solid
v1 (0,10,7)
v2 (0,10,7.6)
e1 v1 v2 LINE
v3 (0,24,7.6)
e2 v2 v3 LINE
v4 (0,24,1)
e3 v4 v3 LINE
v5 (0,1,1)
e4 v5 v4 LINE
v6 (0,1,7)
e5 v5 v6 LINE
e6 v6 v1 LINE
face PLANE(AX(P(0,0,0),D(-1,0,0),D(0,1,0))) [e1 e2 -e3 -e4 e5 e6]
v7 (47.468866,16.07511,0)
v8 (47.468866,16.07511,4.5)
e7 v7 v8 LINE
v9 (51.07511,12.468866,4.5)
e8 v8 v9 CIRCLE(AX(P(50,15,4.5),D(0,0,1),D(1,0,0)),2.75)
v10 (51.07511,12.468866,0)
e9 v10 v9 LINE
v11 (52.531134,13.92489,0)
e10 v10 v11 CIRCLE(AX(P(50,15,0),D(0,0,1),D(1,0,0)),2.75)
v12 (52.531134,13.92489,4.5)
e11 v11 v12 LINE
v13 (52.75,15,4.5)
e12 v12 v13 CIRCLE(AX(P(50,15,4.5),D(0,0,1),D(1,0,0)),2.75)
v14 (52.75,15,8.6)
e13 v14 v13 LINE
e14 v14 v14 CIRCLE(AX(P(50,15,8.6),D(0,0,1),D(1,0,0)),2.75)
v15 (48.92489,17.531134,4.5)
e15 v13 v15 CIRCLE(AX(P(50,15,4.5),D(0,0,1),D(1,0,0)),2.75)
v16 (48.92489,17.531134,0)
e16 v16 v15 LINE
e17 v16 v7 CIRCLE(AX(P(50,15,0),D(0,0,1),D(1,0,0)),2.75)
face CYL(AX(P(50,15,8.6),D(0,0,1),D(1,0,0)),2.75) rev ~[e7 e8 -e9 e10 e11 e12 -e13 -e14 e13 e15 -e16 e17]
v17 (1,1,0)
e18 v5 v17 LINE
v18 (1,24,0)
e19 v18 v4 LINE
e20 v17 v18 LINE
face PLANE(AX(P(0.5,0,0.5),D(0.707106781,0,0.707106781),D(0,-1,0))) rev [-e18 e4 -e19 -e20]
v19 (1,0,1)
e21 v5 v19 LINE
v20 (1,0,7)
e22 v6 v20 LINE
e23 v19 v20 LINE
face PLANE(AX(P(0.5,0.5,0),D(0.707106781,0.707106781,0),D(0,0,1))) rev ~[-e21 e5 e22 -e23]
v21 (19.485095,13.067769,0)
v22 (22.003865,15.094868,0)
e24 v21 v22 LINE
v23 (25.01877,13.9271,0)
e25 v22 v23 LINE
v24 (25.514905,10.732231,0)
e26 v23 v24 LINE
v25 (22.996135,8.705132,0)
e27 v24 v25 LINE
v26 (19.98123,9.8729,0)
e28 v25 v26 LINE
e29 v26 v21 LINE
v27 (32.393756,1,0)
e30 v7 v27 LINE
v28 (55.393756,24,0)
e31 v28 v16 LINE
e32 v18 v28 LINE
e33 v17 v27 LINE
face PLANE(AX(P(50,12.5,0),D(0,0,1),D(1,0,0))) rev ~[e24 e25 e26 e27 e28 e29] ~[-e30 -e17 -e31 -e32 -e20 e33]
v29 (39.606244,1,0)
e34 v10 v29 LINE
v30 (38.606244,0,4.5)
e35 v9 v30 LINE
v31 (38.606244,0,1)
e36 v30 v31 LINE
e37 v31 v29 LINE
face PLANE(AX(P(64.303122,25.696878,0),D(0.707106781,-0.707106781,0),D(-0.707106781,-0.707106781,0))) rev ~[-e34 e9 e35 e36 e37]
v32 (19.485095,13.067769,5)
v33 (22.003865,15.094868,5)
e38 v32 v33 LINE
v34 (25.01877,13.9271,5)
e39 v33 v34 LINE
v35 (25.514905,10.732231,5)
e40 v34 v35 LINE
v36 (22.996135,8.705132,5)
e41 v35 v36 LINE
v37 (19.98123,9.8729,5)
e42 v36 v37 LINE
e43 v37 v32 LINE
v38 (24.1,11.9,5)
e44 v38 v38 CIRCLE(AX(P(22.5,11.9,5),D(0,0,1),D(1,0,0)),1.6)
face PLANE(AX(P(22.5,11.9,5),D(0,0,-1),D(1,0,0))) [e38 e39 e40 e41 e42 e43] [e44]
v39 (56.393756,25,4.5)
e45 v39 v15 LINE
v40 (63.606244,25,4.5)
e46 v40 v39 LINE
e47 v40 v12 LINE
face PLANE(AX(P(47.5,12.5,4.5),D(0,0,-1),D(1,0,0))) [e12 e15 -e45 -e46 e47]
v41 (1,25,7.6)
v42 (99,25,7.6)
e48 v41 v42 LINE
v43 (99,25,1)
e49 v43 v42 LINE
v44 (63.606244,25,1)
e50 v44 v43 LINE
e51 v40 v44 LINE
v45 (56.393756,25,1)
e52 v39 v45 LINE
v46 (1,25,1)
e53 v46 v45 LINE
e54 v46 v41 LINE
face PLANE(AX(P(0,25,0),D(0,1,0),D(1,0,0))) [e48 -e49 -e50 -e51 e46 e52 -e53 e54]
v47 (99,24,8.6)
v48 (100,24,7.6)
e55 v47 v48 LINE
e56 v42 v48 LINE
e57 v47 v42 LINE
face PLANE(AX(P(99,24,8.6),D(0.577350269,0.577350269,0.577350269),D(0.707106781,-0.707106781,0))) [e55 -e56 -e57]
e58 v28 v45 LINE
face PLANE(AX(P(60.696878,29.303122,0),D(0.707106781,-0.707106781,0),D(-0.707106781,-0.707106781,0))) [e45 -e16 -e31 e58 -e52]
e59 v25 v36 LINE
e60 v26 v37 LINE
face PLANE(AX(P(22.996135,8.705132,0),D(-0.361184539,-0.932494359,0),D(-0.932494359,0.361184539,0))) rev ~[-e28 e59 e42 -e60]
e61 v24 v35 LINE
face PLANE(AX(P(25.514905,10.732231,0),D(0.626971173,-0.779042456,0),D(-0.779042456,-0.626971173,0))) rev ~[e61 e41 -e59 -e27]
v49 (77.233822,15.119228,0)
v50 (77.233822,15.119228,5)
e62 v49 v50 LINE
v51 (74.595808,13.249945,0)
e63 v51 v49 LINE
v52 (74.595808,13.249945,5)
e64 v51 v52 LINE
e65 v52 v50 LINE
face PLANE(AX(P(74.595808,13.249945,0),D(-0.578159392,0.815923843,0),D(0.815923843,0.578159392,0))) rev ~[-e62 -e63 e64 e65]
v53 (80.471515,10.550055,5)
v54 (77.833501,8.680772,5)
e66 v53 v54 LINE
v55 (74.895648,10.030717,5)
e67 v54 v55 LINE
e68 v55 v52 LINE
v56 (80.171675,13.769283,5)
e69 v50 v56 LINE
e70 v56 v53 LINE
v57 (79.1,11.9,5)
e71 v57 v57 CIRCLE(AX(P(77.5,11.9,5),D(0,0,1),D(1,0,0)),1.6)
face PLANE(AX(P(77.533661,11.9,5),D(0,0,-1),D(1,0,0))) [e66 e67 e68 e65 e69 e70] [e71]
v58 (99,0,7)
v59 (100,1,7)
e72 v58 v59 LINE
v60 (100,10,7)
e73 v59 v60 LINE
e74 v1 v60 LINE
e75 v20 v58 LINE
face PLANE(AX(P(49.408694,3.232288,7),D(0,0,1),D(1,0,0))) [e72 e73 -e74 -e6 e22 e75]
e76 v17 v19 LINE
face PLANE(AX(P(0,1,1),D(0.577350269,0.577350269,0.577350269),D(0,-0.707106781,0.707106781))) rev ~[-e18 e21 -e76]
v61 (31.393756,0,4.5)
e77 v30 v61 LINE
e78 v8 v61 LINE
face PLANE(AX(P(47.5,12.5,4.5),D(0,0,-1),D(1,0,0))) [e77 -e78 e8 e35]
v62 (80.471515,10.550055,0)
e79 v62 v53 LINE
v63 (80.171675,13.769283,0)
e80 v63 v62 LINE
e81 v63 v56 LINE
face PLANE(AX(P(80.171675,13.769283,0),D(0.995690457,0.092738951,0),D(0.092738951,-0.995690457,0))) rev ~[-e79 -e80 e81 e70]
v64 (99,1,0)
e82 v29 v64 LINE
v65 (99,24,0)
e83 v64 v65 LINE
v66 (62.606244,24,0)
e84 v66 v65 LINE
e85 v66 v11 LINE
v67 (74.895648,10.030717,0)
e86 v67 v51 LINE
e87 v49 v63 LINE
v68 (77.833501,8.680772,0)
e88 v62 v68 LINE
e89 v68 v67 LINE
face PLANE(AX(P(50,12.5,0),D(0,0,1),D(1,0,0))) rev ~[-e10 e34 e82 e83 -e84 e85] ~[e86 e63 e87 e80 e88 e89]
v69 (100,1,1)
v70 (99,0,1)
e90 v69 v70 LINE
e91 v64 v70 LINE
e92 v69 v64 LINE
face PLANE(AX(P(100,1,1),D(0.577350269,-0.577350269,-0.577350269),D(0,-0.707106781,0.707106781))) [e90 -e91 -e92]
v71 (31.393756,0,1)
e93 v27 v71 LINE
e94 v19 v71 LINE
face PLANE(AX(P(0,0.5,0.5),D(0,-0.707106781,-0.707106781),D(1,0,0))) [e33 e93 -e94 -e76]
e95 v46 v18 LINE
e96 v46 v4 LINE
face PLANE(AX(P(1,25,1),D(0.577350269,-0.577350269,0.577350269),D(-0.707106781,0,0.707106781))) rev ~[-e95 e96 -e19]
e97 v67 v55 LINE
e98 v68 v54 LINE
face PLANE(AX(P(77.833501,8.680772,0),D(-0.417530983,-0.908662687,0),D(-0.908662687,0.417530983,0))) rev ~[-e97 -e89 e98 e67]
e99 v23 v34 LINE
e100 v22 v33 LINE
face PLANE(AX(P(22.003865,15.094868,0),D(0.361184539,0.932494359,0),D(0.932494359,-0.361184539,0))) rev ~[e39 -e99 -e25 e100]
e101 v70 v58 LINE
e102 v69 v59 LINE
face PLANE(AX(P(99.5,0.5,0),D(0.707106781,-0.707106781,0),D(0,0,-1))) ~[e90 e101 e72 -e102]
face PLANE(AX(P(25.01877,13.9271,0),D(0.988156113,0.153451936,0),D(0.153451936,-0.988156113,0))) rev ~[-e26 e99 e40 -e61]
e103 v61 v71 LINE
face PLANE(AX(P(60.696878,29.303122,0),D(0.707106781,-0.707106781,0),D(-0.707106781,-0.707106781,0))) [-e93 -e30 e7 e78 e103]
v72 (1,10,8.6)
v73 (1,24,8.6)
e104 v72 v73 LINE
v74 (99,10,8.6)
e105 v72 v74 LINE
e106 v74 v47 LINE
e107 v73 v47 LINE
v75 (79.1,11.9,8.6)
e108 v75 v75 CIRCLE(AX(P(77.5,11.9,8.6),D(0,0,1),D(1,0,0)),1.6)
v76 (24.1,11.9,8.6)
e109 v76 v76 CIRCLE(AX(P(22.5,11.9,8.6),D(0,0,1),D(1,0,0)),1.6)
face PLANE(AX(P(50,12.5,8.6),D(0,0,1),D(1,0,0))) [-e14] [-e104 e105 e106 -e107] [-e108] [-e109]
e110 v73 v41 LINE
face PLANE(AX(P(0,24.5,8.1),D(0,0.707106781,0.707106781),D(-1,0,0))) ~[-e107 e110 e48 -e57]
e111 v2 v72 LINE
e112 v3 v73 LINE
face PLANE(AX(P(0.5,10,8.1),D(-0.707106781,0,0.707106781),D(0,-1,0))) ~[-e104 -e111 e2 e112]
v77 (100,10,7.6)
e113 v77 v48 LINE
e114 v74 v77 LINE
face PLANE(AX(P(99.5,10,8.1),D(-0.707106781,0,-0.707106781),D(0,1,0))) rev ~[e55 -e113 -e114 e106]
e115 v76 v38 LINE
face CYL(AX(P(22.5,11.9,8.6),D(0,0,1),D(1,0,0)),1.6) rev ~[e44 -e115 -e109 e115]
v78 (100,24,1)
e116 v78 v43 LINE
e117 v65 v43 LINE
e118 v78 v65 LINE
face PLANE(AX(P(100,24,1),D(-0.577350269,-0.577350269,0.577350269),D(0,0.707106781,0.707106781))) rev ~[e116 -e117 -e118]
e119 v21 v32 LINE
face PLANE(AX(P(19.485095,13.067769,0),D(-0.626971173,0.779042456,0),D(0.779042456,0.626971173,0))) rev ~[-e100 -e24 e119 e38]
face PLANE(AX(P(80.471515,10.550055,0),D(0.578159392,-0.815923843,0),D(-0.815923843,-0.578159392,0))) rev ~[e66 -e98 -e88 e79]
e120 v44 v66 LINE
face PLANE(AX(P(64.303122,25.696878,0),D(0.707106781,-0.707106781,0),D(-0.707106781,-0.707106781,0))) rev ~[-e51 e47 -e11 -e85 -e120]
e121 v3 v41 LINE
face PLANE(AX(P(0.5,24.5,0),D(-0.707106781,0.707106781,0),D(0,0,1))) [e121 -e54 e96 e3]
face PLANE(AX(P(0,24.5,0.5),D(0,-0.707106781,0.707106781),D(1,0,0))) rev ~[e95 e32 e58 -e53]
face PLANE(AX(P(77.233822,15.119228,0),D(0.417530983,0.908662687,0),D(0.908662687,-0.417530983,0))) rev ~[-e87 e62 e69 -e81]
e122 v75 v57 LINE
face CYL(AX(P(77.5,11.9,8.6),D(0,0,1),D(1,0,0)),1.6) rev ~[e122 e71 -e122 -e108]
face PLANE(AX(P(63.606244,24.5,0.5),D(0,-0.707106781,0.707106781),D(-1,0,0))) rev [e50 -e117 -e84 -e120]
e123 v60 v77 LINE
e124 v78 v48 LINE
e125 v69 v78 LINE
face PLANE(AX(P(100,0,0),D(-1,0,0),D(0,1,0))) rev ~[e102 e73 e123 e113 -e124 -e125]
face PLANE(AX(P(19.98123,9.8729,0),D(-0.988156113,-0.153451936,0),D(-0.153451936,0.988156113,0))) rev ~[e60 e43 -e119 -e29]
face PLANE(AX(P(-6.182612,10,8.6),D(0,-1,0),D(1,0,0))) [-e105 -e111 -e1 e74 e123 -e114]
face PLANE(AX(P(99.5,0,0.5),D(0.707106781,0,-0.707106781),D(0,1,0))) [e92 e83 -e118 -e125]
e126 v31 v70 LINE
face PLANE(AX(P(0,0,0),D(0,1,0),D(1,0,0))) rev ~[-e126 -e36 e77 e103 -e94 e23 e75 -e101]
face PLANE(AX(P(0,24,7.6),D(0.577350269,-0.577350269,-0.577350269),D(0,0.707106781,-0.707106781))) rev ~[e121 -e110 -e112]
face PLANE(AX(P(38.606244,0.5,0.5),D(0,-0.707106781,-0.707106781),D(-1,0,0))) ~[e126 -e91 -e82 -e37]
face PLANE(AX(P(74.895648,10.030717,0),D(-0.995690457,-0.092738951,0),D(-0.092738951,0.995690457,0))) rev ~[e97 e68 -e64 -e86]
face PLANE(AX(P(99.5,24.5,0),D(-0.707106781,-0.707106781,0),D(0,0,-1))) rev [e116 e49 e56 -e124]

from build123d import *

# Parameters (mm, degrees)
SKETCH_W        = 100
SKETCH_H        = 25
PAD_DEPTH       = 8.6
SKETCH001_W     = 111.182612
SKETCH001_H     = 13.535424
POCKET_DEPTH    = 1.6
SKETCH002_R     = 2.75
POCKET001_DEPTH = 8.601
POCKET002_DEPTH = 4.5
SKETCH004_R     = 1.6
POCKET003_DEPTH = 8.601
POCKET004_DEPTH = 5
CHAMFER_SIZE    = 1


with BuildPart() as part:
    # Sketch → Pad (new body)
    with BuildSketch(Plane.XY):
        with Locations((50, 12.5)):
            Rectangle(SKETCH_W, SKETCH_H)
    extrude(amount=PAD_DEPTH)

    # Sketch001 → Pocket (cut)
    with BuildSketch(Plane.XY.offset(8.6)):
        with Locations((49.408694, 3.232288)):
            Rectangle(SKETCH001_W, SKETCH001_H)
    extrude(amount=-POCKET_DEPTH, mode=Mode.SUBTRACT)

    # Sketch002 → Pocket001 (cut, through all)
    with BuildSketch(Plane.XY.offset(8.6)):
        with Locations((50, 15)):
            Circle(SKETCH002_R)
    extrude(amount=-POCKET001_DEPTH, mode=Mode.SUBTRACT)

    # Sketch003 → Pocket002 (cut)
    with BuildSketch(Plane(origin=(0, 0, 0), x_dir=(1, 0, 0), z_dir=(0, 0, -1))):
        with BuildLine():
            ThreePointArc((60.696878, -29.303122), (64.303122, -29.303122), (64.303122, -25.696878))
            Line((64.303122, -25.696878), (34.303122, 4.303122))
            ThreePointArc((34.303122, 4.303122), (30.696878, 4.303122), (30.696878, 0.696878))
            Line((60.696878, -29.303122), (30.696878, 0.696878))
        make_face()
    extrude(amount=-POCKET002_DEPTH, mode=Mode.SUBTRACT)

    # Sketch004 → Pocket003 (cut, through all)
    with BuildSketch(Plane.XY.offset(8.6)):
        with Locations((22.5, 11.9)):
            Circle(SKETCH004_R)
        with Locations((77.5, 11.9)):
            Circle(SKETCH004_R)
    extrude(amount=-POCKET003_DEPTH, mode=Mode.SUBTRACT)

    # Sketch005 → Pocket004 (cut)
    with BuildSketch(Plane(origin=(0, 0, 0), x_dir=(1, 0, 0), z_dir=(0, 0, -1))):
        Polygon((25.514905, -10.732231), (22.996135, -8.705132), (19.98123, -9.8729), (19.485095, -13.067769), (22.003865, -15.094868), (25.01877, -13.9271), align=None)
        Polygon((80.171675, -13.769283), (80.471515, -10.550055), (77.833501, -8.680772), (74.895648, -10.030717), (74.595808, -13.249945), (77.233822, -15.119228), align=None)
    extrude(amount=-POCKET004_DEPTH, mode=Mode.SUBTRACT)

    # Chamfer
    chamfer_edges = [part.edges().sort_by_distance(p)[0] for p in [
        (15.696878, 0, 0),
        (0, 12.5, 0),
        (28.196878, 25, 0),
        (81.803122, 25, 0),
        (69.303122, 0, 0),
        (100, 12.5, 0),
        (100, 25, 4.3),
        (50, 25, 8.6),
        (100, 17.5, 8.6),
        (100, 0, 3.5),
        (0, 0, 3.5),
        (0, 17.5, 8.6),
        (0, 25, 4.3),
    ]]
    chamfer(chamfer_edges, length=CHAMFER_SIZE)


solid = part.part
